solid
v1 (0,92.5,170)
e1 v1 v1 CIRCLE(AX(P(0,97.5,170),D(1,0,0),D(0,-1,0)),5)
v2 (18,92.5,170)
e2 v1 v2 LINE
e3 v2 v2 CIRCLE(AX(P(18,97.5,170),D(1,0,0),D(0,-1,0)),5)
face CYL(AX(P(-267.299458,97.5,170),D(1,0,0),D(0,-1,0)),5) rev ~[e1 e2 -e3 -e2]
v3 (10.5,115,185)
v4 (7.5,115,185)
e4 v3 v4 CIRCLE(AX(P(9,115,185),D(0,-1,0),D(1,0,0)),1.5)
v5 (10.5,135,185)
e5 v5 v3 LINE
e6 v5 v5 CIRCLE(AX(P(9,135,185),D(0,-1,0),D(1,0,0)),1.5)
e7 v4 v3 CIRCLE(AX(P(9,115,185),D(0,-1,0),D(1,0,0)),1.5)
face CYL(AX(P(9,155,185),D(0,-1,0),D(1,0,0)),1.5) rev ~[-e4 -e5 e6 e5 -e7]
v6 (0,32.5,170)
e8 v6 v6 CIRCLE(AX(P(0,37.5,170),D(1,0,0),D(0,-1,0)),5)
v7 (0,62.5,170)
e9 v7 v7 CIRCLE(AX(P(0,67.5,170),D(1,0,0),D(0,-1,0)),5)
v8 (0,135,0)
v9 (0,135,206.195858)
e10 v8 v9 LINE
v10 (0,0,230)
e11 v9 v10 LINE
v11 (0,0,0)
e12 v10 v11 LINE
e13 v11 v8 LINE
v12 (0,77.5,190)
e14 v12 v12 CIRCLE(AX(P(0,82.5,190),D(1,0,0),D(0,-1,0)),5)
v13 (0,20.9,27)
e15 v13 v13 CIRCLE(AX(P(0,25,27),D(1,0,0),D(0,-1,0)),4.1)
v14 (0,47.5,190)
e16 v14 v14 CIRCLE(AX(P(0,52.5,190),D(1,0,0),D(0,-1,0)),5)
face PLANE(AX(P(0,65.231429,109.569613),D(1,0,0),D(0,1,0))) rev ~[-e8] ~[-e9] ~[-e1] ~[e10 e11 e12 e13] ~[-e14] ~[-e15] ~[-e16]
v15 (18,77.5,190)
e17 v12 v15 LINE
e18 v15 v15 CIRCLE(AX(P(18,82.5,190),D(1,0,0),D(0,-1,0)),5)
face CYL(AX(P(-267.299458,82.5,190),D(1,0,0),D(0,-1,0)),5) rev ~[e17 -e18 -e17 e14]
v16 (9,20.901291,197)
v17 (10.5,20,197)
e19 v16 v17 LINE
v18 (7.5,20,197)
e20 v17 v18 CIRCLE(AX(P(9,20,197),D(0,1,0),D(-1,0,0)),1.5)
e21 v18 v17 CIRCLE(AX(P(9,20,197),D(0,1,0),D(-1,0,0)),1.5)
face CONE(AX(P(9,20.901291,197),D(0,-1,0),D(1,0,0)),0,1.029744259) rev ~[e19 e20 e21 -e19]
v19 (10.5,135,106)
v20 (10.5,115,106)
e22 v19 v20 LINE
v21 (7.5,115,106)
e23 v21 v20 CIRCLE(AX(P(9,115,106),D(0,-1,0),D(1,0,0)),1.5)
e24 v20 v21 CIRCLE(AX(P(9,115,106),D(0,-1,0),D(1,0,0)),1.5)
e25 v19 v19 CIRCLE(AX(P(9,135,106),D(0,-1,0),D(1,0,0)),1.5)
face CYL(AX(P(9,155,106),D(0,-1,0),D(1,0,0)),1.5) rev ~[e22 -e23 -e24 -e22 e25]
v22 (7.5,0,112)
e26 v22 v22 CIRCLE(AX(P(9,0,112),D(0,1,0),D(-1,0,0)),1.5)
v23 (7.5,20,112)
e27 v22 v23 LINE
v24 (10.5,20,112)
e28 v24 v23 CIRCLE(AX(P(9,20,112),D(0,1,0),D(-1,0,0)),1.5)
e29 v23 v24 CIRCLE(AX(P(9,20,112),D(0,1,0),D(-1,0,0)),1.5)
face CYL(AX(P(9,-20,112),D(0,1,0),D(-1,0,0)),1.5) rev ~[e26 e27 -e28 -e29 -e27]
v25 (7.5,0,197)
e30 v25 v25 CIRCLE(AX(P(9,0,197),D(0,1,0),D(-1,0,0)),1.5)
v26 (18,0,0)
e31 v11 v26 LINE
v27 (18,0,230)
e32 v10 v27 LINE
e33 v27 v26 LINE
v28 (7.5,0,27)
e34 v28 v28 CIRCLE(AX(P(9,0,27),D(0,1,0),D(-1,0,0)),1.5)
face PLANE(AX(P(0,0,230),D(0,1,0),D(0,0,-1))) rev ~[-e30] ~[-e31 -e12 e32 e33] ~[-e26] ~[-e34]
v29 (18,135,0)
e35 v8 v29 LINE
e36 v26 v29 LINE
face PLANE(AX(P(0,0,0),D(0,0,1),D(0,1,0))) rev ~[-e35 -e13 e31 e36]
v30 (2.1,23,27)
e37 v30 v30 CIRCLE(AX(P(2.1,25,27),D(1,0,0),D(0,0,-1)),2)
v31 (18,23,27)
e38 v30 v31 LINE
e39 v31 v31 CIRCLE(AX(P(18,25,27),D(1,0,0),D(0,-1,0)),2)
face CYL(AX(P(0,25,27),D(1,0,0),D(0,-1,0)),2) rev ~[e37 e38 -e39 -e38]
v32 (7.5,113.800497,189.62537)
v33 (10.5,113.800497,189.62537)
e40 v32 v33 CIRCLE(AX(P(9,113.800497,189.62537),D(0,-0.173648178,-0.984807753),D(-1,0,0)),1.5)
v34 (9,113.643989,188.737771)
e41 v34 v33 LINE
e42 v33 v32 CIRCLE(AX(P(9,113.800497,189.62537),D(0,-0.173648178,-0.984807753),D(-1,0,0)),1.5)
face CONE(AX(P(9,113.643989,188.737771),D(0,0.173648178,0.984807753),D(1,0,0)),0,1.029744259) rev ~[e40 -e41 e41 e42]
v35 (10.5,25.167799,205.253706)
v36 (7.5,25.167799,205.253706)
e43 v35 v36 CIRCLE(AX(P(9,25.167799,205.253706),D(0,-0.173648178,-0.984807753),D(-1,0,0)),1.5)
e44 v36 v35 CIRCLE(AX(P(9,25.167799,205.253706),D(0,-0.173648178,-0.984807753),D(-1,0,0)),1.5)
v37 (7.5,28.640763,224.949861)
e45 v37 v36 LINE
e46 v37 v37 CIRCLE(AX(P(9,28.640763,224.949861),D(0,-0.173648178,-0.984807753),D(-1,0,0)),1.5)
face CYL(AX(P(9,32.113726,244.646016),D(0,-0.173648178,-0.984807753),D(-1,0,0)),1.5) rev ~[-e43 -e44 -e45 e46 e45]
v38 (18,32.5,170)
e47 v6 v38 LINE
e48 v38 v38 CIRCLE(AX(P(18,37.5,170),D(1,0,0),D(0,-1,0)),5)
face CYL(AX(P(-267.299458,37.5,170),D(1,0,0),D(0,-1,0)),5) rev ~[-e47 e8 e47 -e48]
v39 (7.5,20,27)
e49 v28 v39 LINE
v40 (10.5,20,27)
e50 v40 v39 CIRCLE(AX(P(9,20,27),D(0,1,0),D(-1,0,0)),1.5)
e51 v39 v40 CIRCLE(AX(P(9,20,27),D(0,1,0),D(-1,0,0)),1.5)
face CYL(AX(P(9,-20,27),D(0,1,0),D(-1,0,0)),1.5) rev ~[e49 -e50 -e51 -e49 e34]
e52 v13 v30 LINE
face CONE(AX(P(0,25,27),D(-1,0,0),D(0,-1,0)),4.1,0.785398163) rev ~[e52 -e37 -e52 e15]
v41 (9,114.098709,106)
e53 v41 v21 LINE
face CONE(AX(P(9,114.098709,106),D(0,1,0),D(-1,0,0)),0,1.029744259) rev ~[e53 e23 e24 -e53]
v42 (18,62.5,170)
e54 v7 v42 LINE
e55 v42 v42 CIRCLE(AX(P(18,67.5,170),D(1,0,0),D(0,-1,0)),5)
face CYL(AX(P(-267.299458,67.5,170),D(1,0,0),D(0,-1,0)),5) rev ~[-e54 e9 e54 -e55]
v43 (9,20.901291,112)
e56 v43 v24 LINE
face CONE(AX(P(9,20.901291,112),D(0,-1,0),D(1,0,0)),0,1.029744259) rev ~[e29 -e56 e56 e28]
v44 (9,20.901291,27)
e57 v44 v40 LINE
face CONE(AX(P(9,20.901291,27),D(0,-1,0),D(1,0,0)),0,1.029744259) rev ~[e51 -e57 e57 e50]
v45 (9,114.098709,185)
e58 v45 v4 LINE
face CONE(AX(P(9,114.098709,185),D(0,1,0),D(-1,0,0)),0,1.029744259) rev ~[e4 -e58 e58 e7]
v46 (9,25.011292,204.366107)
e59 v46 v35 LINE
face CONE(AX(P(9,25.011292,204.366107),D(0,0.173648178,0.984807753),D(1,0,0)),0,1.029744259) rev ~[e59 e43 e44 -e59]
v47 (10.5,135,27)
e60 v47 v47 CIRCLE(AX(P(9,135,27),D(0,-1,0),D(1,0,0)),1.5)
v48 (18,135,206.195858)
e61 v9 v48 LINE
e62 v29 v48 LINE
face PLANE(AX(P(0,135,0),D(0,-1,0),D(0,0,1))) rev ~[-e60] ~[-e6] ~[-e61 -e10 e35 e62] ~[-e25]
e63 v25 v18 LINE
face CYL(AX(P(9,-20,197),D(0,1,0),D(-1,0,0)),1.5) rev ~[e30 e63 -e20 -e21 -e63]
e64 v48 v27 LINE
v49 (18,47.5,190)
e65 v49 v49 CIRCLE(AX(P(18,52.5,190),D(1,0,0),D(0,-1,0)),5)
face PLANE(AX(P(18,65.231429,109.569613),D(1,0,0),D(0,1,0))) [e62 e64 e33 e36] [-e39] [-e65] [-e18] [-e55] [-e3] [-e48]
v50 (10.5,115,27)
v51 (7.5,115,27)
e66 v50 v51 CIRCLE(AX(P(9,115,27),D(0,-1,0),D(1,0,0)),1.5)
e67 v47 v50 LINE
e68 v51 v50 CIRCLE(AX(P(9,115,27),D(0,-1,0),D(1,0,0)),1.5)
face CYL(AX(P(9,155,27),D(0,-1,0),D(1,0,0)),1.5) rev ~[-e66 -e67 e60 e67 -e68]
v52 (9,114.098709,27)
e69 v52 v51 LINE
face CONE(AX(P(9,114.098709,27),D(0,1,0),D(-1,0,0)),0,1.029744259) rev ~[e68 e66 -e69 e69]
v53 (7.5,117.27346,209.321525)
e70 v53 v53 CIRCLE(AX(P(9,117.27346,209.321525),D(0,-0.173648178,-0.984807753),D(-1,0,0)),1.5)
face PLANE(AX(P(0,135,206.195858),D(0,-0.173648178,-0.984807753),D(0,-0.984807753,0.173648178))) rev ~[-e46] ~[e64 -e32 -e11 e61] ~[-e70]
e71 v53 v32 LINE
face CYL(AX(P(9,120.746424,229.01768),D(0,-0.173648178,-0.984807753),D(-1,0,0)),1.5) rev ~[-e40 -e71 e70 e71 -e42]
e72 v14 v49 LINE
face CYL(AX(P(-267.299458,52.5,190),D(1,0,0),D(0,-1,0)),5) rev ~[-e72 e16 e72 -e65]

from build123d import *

# Parameters (mm, degrees)
F1_DEPTH       = 18
F2_D           = 10
F3_D           = 10
F4_D           = 4
F4_CSINK_D     = 8.2
F4_CSINK_ANGLE = 90
F6_D           = 3
F6_DEPTH       = 20
F6_TIP         = 0.9012909285
F8_D           = 3
F8_DEPTH       = 20
F8_TIP         = 0.9012909285
F10_D          = 3
F10_DEPTH      = 20
F10_TIP        = 0.9012909285


with BuildPart() as f1:
    # F0 (on Right) → F1 (new body)
    with BuildSketch(Plane.YZ):
        Polygon((0, 230), (0, 0), (135, 0), (135, 206.1958576044), align=None)
    extrude(amount=F1_DEPTH)

    # F2 (through all)
    with Locations(Plane(origin=(0, 0, 0), x_dir=(0, 1, 0), z_dir=(-1, 0, 0))):
        with Locations((37.5, -170), (67.5, -170), (97.5, -170)):
            Hole(F2_D / 2)

    # F3 (through all)
    with Locations(Plane(origin=(0, 0, 0), x_dir=(0, 1, 0), z_dir=(-1, 0, 0))):
        with Locations((52.5, -190), (82.5, -190)):
            Hole(F3_D / 2)

    # F4 (through all)
    with Locations(Plane(origin=(0, 0, 0), x_dir=(0, 1, 0), z_dir=(-1, 0, 0))):
        with Locations((25, -27)):
            CounterSinkHole(F4_D / 2, F4_CSINK_D / 2, counter_sink_angle=F4_CSINK_ANGLE)

    # F6
    with Locations(Plane(origin=(0, 135, 0), x_dir=(-1, 0, 0), z_dir=(0, 1, 0))):
        with Locations((-9, 27), (-9, 106), (-9, 185)):
            Hole(F6_D / 2, depth=F6_DEPTH)
            with Locations((0, 0, -(F6_DEPTH + F6_TIP / 2))):  # 118° drill point
                Cone(0, F6_D / 2, F6_TIP, mode=Mode.SUBTRACT)

    # F8
    with Locations(Plane.XZ):
        with Locations((9, 27), (9, 112), (9, 197)):
            Hole(F8_D / 2, depth=F8_DEPTH)
            with Locations((0, 0, -(F8_DEPTH + F8_TIP / 2))):  # 118° drill point
                Cone(0, F8_D / 2, F8_TIP, mode=Mode.SUBTRACT)

    # F10
    with Locations(Plane(origin=(0, 39.3323164825, 223.0646513904), x_dir=(1, 0, 0), z_dir=(0, 0.1736481777, 0.984807753))):
        with Locations((9, -10.8564882588), (9, 79.1435117412)):
            Hole(F10_D / 2, depth=F10_DEPTH)
            with Locations((0, 0, -(F10_DEPTH + F10_TIP / 2))):  # 118° drill point
                Cone(0, F10_D / 2, F10_TIP, mode=Mode.SUBTRACT)


solid = f1.part
